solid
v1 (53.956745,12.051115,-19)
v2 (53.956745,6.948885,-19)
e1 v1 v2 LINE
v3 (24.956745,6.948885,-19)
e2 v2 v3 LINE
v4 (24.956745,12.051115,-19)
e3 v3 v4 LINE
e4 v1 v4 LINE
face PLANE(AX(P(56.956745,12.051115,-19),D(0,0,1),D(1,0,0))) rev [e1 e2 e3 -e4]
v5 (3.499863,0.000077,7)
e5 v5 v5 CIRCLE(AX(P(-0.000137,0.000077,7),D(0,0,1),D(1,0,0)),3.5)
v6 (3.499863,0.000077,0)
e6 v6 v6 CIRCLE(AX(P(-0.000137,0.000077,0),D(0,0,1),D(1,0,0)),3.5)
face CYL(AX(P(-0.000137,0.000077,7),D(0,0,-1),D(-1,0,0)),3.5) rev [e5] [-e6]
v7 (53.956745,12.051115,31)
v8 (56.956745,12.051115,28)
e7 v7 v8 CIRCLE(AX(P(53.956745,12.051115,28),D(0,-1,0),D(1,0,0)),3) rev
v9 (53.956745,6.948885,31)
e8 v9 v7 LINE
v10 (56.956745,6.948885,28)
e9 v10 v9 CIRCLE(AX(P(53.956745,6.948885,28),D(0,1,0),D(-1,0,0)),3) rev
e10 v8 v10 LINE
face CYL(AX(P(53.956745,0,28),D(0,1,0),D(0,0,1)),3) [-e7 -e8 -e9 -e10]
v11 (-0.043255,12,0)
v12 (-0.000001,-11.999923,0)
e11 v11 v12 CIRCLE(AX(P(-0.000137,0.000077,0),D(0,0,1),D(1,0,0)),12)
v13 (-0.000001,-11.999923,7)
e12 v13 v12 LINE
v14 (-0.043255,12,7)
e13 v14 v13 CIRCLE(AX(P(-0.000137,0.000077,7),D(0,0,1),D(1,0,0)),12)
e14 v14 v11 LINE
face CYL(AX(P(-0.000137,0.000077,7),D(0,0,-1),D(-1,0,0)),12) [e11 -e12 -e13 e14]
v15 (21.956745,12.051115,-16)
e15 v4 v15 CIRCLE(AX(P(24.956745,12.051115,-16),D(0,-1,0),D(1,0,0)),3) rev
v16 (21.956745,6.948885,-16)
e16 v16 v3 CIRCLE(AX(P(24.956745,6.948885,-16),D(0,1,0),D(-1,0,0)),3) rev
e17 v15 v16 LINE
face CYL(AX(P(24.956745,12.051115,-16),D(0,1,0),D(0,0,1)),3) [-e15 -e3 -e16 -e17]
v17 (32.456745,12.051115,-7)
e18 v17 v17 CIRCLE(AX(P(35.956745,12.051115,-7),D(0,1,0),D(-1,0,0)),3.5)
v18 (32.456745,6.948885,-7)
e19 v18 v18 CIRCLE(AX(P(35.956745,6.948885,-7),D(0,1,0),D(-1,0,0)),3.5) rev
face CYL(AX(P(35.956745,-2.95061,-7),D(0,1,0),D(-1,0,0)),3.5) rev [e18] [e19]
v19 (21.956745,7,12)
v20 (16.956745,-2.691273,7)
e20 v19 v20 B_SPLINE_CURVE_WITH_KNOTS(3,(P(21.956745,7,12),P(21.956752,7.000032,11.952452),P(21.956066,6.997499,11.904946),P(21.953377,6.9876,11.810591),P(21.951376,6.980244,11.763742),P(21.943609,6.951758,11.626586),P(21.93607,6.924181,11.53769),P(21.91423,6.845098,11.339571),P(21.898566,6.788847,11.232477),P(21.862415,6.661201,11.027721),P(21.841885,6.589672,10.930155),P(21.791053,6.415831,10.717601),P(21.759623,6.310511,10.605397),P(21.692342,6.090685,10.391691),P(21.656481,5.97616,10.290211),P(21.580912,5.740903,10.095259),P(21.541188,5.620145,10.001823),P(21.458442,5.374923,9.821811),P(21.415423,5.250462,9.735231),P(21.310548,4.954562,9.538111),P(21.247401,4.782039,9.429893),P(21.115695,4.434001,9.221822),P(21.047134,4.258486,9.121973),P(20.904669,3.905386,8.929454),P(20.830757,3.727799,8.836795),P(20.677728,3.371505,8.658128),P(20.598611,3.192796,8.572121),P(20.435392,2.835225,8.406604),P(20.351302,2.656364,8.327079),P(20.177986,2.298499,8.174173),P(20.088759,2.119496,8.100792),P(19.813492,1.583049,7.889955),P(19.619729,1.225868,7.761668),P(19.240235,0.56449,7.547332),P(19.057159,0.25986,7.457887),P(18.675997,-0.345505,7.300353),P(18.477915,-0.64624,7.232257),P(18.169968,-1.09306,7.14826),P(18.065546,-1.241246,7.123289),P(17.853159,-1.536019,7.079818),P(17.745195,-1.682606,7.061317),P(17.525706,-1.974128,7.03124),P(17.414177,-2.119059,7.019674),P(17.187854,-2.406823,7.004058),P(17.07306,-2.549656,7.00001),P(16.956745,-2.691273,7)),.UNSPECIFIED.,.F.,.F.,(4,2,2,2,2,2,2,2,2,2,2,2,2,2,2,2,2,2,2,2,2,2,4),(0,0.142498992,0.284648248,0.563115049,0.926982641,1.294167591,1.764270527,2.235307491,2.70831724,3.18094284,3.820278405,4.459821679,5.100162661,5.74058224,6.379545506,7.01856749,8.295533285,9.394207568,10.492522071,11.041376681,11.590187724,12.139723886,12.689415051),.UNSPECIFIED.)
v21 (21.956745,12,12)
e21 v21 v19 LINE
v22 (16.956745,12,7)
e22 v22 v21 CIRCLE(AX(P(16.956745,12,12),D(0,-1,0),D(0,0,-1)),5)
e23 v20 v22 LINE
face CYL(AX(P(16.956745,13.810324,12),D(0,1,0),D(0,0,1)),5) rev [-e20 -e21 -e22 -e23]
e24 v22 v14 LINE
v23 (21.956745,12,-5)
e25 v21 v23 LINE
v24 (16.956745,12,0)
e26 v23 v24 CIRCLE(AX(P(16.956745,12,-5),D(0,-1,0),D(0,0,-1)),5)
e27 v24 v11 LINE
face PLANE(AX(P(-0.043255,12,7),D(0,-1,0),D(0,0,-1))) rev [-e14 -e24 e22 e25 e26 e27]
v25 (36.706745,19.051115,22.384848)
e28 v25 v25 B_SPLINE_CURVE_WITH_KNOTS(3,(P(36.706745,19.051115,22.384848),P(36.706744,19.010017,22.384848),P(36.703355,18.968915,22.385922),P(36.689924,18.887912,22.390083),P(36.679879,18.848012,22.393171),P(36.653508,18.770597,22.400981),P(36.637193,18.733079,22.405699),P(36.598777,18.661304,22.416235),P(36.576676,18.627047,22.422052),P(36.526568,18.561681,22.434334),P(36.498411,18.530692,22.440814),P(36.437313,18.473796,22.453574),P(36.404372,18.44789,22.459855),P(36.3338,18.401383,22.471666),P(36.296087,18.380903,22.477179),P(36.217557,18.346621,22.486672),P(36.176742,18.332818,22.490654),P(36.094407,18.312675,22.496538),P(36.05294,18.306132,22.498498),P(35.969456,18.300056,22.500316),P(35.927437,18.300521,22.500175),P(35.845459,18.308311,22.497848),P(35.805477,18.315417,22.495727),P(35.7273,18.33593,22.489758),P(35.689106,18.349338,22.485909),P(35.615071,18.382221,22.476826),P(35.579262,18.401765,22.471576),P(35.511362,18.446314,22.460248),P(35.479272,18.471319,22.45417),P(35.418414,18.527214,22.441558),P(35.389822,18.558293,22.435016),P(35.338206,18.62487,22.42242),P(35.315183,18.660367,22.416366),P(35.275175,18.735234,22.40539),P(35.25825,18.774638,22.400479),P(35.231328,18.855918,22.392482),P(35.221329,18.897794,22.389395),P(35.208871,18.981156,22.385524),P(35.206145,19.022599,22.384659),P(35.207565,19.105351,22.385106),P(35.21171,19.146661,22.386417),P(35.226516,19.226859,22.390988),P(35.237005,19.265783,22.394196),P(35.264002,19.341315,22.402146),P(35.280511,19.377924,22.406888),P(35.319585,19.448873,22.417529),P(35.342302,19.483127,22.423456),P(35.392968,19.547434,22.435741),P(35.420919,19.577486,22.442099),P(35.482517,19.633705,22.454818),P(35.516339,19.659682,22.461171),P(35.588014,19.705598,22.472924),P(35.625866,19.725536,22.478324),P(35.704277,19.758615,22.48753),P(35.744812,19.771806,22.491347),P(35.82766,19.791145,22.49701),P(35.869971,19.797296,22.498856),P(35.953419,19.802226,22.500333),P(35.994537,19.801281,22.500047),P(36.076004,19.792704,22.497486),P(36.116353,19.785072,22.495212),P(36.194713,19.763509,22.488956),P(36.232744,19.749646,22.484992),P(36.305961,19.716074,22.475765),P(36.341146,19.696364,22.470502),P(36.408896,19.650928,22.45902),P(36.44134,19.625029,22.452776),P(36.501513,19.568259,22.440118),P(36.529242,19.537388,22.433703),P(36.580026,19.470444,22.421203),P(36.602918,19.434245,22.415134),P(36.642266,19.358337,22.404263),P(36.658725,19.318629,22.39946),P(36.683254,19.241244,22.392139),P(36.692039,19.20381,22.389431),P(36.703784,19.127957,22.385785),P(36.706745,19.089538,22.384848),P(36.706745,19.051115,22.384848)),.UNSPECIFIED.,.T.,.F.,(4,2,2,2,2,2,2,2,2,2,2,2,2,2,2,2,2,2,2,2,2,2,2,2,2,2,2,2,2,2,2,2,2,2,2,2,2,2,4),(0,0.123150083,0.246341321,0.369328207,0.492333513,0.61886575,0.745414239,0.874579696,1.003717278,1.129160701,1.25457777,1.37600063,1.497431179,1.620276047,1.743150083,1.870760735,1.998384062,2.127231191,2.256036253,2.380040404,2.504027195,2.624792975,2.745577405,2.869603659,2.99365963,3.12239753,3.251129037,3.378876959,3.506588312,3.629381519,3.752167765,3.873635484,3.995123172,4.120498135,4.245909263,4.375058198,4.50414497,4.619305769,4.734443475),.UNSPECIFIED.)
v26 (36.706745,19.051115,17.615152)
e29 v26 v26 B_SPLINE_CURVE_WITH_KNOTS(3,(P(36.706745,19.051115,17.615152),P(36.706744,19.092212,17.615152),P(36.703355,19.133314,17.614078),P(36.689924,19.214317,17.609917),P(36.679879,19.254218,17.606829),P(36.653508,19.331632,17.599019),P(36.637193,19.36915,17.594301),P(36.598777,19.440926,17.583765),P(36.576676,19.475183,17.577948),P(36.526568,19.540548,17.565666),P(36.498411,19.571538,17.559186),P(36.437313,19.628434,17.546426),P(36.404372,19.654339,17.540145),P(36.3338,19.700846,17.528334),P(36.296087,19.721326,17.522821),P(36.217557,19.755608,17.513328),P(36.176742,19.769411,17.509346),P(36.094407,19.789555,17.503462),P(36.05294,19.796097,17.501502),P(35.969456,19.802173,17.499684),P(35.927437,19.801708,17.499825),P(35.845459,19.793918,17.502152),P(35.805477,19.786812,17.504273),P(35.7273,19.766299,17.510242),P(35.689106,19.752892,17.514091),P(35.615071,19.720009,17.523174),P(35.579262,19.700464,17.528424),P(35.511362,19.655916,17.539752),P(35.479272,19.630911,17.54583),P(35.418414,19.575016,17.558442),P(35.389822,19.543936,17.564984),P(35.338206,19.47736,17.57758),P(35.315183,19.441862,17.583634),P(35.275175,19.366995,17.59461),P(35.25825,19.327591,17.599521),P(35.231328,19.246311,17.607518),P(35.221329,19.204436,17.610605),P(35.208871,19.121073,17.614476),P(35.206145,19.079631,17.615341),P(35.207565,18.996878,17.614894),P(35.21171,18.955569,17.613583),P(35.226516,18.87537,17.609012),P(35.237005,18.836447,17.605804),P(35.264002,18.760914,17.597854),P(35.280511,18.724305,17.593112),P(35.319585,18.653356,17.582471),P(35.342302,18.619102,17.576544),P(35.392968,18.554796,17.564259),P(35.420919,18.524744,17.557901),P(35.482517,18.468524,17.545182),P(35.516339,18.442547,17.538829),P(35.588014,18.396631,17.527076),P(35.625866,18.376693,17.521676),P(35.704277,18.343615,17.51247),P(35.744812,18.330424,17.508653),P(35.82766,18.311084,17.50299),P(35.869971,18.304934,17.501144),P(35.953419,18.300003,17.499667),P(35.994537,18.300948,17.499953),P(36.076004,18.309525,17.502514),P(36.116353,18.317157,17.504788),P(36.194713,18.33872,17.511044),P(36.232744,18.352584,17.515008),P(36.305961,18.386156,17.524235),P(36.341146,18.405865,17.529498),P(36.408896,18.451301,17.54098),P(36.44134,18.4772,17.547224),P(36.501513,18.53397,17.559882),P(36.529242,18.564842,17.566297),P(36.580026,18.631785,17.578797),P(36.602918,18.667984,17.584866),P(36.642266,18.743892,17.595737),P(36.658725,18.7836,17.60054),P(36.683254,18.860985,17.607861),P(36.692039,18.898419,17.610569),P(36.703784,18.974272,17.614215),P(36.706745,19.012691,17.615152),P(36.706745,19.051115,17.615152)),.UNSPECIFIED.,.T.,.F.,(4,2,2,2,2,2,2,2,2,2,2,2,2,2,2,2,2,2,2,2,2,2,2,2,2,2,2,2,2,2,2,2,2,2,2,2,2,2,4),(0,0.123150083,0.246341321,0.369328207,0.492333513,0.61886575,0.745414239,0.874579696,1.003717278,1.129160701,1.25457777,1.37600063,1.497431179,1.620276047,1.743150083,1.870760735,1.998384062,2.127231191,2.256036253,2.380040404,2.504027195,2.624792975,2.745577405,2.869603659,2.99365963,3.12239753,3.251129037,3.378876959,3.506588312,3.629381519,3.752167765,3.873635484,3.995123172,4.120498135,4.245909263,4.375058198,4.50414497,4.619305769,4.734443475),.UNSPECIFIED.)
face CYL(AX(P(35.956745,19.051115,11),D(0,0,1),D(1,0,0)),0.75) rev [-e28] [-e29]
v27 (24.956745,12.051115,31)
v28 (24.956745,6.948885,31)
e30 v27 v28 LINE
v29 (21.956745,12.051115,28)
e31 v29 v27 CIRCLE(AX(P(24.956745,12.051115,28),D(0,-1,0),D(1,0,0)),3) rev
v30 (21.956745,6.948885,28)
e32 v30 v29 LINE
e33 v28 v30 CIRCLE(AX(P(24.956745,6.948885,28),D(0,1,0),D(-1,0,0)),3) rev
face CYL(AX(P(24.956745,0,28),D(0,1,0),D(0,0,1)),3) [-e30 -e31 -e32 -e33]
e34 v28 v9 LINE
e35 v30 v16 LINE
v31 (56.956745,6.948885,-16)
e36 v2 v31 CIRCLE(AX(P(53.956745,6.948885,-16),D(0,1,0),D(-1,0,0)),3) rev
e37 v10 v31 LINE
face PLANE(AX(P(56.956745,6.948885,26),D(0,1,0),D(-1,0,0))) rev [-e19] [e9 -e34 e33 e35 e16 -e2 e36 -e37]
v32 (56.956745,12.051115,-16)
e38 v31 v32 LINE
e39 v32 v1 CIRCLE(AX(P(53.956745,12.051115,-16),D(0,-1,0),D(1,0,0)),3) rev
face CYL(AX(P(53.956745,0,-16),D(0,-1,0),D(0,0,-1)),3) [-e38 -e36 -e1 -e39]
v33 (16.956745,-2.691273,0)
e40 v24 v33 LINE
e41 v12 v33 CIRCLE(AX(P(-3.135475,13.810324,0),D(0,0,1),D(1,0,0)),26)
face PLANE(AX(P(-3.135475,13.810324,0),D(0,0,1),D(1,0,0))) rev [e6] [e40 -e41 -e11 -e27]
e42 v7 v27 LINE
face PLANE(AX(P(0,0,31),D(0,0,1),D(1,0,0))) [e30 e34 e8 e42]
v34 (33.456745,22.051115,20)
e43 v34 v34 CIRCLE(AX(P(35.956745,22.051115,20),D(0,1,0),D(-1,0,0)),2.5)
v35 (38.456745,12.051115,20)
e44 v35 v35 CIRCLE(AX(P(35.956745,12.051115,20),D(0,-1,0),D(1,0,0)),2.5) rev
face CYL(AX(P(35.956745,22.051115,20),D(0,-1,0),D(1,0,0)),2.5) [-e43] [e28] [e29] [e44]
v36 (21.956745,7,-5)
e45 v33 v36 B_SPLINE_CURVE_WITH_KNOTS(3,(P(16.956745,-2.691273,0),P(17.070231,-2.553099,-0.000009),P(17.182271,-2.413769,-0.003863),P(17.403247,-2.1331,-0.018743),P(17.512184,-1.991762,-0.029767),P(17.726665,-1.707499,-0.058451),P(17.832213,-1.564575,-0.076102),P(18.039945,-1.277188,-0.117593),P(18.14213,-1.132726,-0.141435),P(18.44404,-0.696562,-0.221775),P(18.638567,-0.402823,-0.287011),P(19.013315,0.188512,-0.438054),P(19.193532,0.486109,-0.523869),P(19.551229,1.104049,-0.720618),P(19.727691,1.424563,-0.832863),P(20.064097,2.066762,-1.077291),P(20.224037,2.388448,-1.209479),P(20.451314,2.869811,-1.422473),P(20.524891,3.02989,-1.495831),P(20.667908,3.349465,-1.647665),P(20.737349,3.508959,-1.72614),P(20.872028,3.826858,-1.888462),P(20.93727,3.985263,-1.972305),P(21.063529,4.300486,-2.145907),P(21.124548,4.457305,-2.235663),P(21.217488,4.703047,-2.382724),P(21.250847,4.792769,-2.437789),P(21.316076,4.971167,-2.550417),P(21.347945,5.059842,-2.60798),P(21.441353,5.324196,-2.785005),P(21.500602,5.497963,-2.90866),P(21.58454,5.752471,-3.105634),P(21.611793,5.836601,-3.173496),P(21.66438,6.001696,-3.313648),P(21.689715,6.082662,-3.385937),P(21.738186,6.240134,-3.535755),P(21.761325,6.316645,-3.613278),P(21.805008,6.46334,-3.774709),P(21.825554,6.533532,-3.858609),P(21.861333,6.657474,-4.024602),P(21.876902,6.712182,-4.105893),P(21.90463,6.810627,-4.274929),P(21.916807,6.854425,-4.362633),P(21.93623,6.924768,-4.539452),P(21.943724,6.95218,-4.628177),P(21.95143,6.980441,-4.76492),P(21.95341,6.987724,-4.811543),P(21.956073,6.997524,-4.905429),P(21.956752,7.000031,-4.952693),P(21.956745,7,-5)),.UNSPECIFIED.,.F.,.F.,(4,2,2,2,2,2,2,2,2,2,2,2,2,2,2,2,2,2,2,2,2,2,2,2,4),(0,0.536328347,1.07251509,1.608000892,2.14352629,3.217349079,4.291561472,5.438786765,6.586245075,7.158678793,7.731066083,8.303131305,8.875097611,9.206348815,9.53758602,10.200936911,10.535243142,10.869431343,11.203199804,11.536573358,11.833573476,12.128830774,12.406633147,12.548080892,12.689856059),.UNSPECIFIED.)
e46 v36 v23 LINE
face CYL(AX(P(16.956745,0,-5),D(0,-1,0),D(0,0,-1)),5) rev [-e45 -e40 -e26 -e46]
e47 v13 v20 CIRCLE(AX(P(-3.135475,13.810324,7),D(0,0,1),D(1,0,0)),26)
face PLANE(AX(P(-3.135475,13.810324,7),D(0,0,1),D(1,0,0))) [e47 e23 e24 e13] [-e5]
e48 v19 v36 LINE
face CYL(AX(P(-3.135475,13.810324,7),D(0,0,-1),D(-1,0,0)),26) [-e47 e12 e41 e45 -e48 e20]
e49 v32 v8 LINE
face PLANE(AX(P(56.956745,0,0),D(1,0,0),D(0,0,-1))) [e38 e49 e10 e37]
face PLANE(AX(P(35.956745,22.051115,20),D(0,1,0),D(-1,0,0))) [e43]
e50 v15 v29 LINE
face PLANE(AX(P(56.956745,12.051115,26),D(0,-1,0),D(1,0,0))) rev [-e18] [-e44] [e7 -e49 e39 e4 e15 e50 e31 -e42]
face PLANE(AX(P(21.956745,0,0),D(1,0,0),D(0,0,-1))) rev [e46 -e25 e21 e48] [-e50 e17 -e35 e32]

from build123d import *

# Parameters (mm, degrees)
SKETCH1_R           = 3.5
BOSS_EXTRUDE1_DEPTH = 7
SKETCH3_W           = 45
SKETCH3_H           = 5.102229266
BOSS_EXTRUDE3_DEPTH = 35
FILLET2_R           = 5
FILLET6_R           = 5
SKETCH4_R           = 3.5
CUT_EXTRUDE1_DEPTH  = 5.102229266
SKETCH5_R           = 2.5
BOSS_EXTRUDE4_DEPTH = 10
SKETCH6_W           = 35
SKETCH6_H           = 5.102229266
BOSS_EXTRUDE5_DEPTH = 5
FILLET14_R          = 3
FILLET15_R          = 3
SKETCH7_R           = 0.75
CUT_EXTRUDE2_DEPTH  = 20


with BuildPart() as part:
    # Sketch1 → Boss-Extrude1 (new body)
    with BuildSketch(Plane.XY):
        with BuildLine():
            Line((-0.043255317, 12), (21.956744683, 12))
            Line((21.956744683, 12), (21.956744683, 7))
            ThreePointArc((21.956744683, 7), (13.877753218, -5.850552891), (-1.128e-06, -11.999922533))
            ThreePointArc((-1.128e-06, -11.999922533), (-12.000117541, -0.021549663), (-0.043255317, 12))
        make_face()
        with Locations((-0.000137029, 7.7466e-05)):
            Circle(SKETCH1_R, mode=Mode.SUBTRACT)
    extrude(amount=BOSS_EXTRUDE1_DEPTH)

    # Sketch3 → Boss-Extrude3 (add)
    with BuildSketch(Plane(origin=(21.956744683, 0, 0), x_dir=(0, 0, -1), z_dir=(1, 0, 0))):
        with Locations((-3.5, 9.5)):
            Rectangle(SKETCH3_W, SKETCH3_H)
    extrude(amount=BOSS_EXTRUDE3_DEPTH)

    # Fillet2
    fillet2_edges = [part.edges().sort_by_distance(p)[0] for p in [
        (21.956744683, 9.5, 0),
    ]]
    fillet(fillet2_edges, radius=FILLET2_R)

    # Fillet6
    fillet6_edges = [part.edges().sort_by_distance(p)[0] for p in [
        (21.956744683, 9.5, 7),
    ]]
    fillet(fillet6_edges, radius=FILLET6_R)

    # Sketch4 → Cut-Extrude1 (cut)
    with BuildSketch(Plane(origin=(0, 12.051114633, 0), x_dir=(1, 0, 0), z_dir=(0, 1, 0))):
        with Locations(Location((35.956744683, 7, 0), (0, 0, 180))):
            Circle(SKETCH4_R)
    extrude(amount=-CUT_EXTRUDE1_DEPTH, mode=Mode.SUBTRACT)

    # Sketch5 → Boss-Extrude4 (add)
    with BuildSketch(Plane(origin=(0, 12.051114633, 0), x_dir=(1, 0, 0), z_dir=(0, 1, 0))):
        with Locations((35.956744683, -20)):
            Circle(SKETCH5_R)
    extrude(amount=BOSS_EXTRUDE4_DEPTH)

    # Sketch6 → Boss-Extrude5 (add)
    with BuildSketch(Plane.XY.offset(26)):
        with Locations((39.456744683, 9.5)):
            Rectangle(SKETCH6_W, SKETCH6_H)
    extrude(amount=BOSS_EXTRUDE5_DEPTH)

    # Fillet14
    fillet14_edges = [part.edges().sort_by_distance(p)[0] for p in [
        (56.956744683, 9.5, -19),
    ]]
    fillet(fillet14_edges, radius=FILLET14_R)

    # Fillet15
    fillet15_edges = [part.edges().sort_by_distance(p)[0] for p in [
        (21.956744683, 9.5, -19),
        (21.956744683, 9.5, 31),
        (56.956744683, 9.5, 31),
    ]]
    fillet(fillet15_edges, radius=FILLET15_R)

    # Sketch7 → Cut-Extrude2 (cut)
    with BuildSketch(Plane.XY.offset(31)):
        with Locations((35.956744683, 19.051114633)):
            Circle(SKETCH7_R)
    extrude(amount=-CUT_EXTRUDE2_DEPTH, mode=Mode.SUBTRACT)


solid = part.part
